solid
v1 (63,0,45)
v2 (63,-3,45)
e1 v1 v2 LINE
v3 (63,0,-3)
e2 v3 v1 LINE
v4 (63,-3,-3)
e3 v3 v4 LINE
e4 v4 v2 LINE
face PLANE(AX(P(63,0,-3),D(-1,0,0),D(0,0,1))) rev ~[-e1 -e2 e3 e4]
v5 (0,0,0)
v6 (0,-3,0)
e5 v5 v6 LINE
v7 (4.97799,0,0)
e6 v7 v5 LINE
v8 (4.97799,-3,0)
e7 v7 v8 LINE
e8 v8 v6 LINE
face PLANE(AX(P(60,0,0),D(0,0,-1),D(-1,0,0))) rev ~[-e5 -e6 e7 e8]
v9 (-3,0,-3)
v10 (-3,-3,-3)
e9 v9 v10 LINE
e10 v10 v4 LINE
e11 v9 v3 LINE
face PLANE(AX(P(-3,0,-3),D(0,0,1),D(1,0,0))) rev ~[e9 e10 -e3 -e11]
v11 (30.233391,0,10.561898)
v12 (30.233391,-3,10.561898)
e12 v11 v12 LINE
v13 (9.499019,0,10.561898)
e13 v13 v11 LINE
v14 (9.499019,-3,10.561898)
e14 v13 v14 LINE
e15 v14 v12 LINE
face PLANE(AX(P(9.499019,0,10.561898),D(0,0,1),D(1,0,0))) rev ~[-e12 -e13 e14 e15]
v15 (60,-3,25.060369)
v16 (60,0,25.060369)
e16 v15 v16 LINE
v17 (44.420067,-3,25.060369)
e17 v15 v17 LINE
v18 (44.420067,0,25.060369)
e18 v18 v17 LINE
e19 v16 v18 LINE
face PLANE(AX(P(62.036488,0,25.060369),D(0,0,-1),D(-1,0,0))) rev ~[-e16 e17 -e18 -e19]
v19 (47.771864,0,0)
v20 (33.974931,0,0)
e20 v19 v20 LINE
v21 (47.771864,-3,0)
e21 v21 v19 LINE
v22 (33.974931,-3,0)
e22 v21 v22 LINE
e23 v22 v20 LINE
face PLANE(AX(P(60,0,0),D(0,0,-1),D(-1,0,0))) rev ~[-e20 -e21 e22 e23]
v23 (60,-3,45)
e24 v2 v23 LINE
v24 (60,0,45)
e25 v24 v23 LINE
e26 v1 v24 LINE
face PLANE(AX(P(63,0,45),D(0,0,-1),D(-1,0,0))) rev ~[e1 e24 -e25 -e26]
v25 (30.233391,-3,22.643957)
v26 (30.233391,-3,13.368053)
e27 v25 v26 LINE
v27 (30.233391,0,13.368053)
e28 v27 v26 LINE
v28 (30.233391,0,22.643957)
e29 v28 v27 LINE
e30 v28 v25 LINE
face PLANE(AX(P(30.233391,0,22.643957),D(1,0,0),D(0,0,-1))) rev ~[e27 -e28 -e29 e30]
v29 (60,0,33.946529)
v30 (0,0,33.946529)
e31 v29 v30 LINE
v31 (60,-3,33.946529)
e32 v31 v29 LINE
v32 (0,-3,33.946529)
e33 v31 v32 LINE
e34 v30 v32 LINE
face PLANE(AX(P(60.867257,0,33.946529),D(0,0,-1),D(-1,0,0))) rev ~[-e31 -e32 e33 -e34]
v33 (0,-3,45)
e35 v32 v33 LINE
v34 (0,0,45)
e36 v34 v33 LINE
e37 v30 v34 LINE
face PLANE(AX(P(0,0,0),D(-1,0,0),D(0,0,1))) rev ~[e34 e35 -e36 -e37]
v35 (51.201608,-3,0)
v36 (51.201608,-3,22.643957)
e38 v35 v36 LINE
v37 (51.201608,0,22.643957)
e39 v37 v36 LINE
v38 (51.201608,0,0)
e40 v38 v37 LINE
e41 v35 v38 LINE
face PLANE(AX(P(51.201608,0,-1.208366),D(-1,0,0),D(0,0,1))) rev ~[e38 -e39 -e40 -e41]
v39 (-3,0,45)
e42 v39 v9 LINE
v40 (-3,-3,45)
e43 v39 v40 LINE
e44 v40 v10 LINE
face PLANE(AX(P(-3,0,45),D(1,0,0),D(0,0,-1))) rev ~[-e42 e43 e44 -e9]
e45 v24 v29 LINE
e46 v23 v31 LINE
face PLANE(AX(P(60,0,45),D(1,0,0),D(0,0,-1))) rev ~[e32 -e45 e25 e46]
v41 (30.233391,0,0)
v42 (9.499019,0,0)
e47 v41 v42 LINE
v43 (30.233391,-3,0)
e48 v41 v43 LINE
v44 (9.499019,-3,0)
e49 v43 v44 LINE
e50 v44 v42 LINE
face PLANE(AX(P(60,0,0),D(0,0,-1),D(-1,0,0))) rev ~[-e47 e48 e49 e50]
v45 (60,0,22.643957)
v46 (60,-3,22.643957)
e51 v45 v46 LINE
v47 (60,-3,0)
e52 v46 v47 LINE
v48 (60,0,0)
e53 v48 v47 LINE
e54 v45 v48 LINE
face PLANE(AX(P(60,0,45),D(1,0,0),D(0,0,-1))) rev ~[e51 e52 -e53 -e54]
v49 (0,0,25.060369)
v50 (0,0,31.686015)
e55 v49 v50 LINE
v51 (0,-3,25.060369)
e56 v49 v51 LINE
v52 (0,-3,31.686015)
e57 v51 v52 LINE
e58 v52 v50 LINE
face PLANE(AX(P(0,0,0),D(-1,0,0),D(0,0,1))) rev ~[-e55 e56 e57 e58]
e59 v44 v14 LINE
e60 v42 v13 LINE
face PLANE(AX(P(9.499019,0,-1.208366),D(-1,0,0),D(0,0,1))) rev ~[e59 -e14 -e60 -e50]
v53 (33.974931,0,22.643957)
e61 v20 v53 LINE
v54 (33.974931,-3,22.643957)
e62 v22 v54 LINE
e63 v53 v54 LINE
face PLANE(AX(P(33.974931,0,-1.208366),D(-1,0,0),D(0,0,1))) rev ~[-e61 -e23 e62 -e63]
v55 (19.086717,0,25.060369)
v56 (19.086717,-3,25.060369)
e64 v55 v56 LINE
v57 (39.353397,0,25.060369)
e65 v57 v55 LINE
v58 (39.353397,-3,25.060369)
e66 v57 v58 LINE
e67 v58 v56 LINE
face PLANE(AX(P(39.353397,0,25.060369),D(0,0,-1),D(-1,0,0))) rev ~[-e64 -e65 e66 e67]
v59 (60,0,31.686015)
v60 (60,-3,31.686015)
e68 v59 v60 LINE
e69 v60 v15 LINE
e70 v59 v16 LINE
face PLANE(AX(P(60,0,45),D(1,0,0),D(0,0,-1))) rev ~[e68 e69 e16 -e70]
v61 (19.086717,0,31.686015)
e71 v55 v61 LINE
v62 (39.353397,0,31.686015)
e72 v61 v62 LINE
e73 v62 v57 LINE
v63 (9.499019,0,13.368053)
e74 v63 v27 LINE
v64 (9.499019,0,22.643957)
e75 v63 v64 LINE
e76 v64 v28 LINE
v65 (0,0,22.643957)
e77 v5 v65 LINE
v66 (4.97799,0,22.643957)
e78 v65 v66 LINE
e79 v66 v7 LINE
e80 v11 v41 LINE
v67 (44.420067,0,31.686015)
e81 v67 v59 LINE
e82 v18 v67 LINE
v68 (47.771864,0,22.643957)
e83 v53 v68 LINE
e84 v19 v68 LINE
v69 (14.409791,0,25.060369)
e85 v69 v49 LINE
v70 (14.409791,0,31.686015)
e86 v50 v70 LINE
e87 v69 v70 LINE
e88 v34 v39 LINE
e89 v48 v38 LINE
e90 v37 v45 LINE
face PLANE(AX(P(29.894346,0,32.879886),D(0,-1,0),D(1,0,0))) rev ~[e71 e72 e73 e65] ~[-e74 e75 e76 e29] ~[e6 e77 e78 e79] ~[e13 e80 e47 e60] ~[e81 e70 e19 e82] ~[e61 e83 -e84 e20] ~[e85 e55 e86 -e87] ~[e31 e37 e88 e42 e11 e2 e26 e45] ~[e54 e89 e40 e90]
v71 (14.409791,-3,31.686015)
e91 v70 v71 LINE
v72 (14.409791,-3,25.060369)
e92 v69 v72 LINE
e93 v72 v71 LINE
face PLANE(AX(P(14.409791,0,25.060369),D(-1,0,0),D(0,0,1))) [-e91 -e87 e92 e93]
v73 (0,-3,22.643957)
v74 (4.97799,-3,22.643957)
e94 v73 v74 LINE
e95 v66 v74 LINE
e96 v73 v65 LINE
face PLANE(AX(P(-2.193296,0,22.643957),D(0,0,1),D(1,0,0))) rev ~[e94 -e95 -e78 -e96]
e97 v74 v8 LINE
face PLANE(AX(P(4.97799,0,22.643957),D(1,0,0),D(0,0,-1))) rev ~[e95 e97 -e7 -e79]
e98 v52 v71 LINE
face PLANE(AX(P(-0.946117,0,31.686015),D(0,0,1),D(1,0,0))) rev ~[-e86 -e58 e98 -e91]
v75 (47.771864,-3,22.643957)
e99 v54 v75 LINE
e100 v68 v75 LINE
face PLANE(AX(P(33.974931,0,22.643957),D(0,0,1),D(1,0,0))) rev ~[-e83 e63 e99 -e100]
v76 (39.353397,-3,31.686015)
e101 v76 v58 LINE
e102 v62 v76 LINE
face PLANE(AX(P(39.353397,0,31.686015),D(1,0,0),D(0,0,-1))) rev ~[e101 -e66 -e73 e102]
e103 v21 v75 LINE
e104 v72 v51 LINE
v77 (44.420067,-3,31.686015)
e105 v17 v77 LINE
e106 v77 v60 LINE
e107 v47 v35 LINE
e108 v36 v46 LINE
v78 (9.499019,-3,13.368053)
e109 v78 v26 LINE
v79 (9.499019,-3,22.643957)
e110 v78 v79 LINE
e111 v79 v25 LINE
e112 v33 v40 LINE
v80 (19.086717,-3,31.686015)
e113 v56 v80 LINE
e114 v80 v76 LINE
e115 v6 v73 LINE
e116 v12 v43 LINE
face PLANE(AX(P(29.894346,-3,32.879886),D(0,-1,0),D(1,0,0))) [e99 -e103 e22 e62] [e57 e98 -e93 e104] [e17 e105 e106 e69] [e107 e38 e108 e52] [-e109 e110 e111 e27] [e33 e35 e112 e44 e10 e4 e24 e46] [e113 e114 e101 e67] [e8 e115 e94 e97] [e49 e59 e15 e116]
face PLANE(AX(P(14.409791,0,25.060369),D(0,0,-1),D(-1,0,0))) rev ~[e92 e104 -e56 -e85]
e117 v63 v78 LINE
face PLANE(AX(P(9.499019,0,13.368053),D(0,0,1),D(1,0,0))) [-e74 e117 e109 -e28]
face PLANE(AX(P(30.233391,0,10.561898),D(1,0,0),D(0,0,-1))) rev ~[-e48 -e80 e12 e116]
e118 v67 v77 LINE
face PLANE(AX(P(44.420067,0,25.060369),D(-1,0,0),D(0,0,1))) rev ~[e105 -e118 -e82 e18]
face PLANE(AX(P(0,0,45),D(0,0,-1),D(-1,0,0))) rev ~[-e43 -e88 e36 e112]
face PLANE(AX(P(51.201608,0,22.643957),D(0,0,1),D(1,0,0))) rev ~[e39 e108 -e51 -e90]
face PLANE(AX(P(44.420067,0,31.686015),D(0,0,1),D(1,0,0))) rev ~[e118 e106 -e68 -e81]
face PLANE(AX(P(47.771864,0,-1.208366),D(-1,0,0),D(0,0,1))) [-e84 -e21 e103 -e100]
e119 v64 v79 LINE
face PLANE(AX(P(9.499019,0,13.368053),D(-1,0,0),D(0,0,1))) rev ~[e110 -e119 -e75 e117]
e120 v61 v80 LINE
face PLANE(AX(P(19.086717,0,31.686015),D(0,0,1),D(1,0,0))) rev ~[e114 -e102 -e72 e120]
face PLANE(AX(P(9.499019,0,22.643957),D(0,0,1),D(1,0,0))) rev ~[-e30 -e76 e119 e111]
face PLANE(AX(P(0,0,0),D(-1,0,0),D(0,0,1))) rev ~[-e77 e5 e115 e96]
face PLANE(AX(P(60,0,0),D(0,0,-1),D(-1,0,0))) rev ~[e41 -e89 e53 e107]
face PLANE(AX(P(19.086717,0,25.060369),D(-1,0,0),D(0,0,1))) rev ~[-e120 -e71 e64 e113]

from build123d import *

# Parameters (mm, degrees)
F1_DEPTH = 60
F2_W     = 5.0666704774
F2_H     = 6.6256467253
F2_H_2   = 1.0133311152
F2_W_2   = 4.6769259498
F2_H_3   = 1.2471787632
F2_H_4   = 1.4030765742
F2_W_3   = 3.4297443926
F2_H_5   = 23.8523234148
F2_H_6   = 0.8574351668
F2_W_4   = 4.5210286044
F2_H_7   = 1.0133348405
F2_W_5   = 3.7415400147
F2_W_6   = 20.7343716174
F2_H_8   = 2.8061550111
F2_W_7   = 1.1692317203
F2_W_8   = 1.4030784369
F3_DEPTH = 3
F4_W     = 106.1131954193
F4_H     = 74.4311399758
F5_DEPTH = 57


with BuildPart() as f1:
    # F0 (on Front) → F1 (new body)
    with BuildSketch(Plane.XZ):
        Polygon((60, 0), (0, 0), (0, 45), (-3, 45), (-3, -3), (63, -3), (63, 45), (60, 45), align=None)
    extrude(amount=F1_DEPTH)

    # F2 (on Front) → F3 (join)
    with BuildSketch(Plane.XZ):
        Polygon((60.8672574162, 31.6860154271), (60.8672574162, 33.9465290308), (-0.9461171576, 33.9465290308), (-0.9461171576, 31.6860154271), (14.4097907469, 31.6860154271), (14.4097907469, 32.9331941903), (19.0867166966, 32.9331941903), (19.0867166966, 31.6860154271), (39.3533967435, 31.6860154271), (39.3533967435, 32.6993465424), (44.4200672209, 32.6993465424), (44.4200672209, 31.6860154271), align=None)
        with Locations((41.8867319822, 28.3731920645)):
            Rectangle(F2_W, F2_H)
        with Locations((41.8867319822, 32.1926809847)):
            Rectangle(F2_W, F2_H_2)
        with Locations((16.7482537217, 32.3096048087)):
            Rectangle(F2_W_2, F2_H_3)
        with Locations((16.7482537217, 28.3731920645)):
            Rectangle(F2_W_2, F2_H)
        with Locations((41.8867319822, 24.3588304147)):
            Rectangle(F2_W, F2_H_4)
        Polygon((62.0364882052, 25.0603687018), (44.4200672209, 25.0603687018), (44.4200672209, 23.6572921276), (39.3533967435, 23.6572921276), (39.3533967435, 25.0603687018), (19.0867166966, 25.0603687018), (19.0867166966, 23.6572921276), (14.4097907469, 23.6572921276), (14.4097907469, 25.0603687018), (-2.1932963282, 25.0603687018), (-2.1932963282, 22.6439572871), (4.9779904075, 22.6439572871), (4.9779904075, 23.6572921276), (9.4990190119, 23.6572921276), (9.4990190119, 22.6439572871), (30.2333906293, 22.6439572871), (30.2333906293, 23.5013924539), (33.974930644, 23.5013924539), (33.974930644, 22.6439572871), (47.7718636394, 22.6439572871), (47.7718636394, 23.5013924539), (51.201608032, 23.5013924539), (51.201608032, 22.6439572871), (62.0364882052, 22.6439572871), align=None)
        with Locations((16.7482537217, 24.3588304147)):
            Rectangle(F2_W_2, F2_H_4)
        with Locations((49.4867358357, 10.7177955797)):
            Rectangle(F2_W_3, F2_H_5)
        with Locations((49.4867358357, 23.0726748705)):
            Rectangle(F2_W_3, F2_H_6)
        with Locations((7.2385047097, 23.1506247073)):
            Rectangle(F2_W_4, F2_H_7)
        Polygon((9.4990190119, 22.6439572871), (4.9779904075, 22.6439572871), (4.9779904075, -1.2083661277), (9.4990190119, -1.2083661277), (9.4990190119, 10.5618983507), (8.3297872916, 10.5618983507), (8.3297872916, 13.3680533618), (9.4990190119, 13.3680533618), align=None)
        Polygon((33.974930644, -1.2083661277), (33.974930644, 22.6439572871), (30.2333906293, 22.6439572871), (30.2333906293, 13.3680533618), (31.6364690661, 13.3680533618), (31.6364690661, 10.5618983507), (30.2333906293, 10.5618983507), (30.2333906293, -1.2083661277), align=None)
        with Locations((32.1041606367, 23.0726748705)):
            Rectangle(F2_W_5, F2_H_6)
        with Locations((19.8662048206, 11.9649758562)):
            Rectangle(F2_W_6, F2_H_8)
        with Locations((8.9144031517, 11.9649758562)):
            Rectangle(F2_W_7, F2_H_8)
        with Locations((30.9349298477, 11.9649758562)):
            Rectangle(F2_W_8, F2_H_8)
    extrude(amount=F3_DEPTH)

    # F4 (on face) → F5 (cut, through all)
    with BuildSketch(Plane.XZ.offset(60)):
        with Locations((33.7975099683, 20.7829978317)):
            Rectangle(F4_W, F4_H)
    extrude(amount=-F5_DEPTH, mode=Mode.SUBTRACT)


solid = f1.part
